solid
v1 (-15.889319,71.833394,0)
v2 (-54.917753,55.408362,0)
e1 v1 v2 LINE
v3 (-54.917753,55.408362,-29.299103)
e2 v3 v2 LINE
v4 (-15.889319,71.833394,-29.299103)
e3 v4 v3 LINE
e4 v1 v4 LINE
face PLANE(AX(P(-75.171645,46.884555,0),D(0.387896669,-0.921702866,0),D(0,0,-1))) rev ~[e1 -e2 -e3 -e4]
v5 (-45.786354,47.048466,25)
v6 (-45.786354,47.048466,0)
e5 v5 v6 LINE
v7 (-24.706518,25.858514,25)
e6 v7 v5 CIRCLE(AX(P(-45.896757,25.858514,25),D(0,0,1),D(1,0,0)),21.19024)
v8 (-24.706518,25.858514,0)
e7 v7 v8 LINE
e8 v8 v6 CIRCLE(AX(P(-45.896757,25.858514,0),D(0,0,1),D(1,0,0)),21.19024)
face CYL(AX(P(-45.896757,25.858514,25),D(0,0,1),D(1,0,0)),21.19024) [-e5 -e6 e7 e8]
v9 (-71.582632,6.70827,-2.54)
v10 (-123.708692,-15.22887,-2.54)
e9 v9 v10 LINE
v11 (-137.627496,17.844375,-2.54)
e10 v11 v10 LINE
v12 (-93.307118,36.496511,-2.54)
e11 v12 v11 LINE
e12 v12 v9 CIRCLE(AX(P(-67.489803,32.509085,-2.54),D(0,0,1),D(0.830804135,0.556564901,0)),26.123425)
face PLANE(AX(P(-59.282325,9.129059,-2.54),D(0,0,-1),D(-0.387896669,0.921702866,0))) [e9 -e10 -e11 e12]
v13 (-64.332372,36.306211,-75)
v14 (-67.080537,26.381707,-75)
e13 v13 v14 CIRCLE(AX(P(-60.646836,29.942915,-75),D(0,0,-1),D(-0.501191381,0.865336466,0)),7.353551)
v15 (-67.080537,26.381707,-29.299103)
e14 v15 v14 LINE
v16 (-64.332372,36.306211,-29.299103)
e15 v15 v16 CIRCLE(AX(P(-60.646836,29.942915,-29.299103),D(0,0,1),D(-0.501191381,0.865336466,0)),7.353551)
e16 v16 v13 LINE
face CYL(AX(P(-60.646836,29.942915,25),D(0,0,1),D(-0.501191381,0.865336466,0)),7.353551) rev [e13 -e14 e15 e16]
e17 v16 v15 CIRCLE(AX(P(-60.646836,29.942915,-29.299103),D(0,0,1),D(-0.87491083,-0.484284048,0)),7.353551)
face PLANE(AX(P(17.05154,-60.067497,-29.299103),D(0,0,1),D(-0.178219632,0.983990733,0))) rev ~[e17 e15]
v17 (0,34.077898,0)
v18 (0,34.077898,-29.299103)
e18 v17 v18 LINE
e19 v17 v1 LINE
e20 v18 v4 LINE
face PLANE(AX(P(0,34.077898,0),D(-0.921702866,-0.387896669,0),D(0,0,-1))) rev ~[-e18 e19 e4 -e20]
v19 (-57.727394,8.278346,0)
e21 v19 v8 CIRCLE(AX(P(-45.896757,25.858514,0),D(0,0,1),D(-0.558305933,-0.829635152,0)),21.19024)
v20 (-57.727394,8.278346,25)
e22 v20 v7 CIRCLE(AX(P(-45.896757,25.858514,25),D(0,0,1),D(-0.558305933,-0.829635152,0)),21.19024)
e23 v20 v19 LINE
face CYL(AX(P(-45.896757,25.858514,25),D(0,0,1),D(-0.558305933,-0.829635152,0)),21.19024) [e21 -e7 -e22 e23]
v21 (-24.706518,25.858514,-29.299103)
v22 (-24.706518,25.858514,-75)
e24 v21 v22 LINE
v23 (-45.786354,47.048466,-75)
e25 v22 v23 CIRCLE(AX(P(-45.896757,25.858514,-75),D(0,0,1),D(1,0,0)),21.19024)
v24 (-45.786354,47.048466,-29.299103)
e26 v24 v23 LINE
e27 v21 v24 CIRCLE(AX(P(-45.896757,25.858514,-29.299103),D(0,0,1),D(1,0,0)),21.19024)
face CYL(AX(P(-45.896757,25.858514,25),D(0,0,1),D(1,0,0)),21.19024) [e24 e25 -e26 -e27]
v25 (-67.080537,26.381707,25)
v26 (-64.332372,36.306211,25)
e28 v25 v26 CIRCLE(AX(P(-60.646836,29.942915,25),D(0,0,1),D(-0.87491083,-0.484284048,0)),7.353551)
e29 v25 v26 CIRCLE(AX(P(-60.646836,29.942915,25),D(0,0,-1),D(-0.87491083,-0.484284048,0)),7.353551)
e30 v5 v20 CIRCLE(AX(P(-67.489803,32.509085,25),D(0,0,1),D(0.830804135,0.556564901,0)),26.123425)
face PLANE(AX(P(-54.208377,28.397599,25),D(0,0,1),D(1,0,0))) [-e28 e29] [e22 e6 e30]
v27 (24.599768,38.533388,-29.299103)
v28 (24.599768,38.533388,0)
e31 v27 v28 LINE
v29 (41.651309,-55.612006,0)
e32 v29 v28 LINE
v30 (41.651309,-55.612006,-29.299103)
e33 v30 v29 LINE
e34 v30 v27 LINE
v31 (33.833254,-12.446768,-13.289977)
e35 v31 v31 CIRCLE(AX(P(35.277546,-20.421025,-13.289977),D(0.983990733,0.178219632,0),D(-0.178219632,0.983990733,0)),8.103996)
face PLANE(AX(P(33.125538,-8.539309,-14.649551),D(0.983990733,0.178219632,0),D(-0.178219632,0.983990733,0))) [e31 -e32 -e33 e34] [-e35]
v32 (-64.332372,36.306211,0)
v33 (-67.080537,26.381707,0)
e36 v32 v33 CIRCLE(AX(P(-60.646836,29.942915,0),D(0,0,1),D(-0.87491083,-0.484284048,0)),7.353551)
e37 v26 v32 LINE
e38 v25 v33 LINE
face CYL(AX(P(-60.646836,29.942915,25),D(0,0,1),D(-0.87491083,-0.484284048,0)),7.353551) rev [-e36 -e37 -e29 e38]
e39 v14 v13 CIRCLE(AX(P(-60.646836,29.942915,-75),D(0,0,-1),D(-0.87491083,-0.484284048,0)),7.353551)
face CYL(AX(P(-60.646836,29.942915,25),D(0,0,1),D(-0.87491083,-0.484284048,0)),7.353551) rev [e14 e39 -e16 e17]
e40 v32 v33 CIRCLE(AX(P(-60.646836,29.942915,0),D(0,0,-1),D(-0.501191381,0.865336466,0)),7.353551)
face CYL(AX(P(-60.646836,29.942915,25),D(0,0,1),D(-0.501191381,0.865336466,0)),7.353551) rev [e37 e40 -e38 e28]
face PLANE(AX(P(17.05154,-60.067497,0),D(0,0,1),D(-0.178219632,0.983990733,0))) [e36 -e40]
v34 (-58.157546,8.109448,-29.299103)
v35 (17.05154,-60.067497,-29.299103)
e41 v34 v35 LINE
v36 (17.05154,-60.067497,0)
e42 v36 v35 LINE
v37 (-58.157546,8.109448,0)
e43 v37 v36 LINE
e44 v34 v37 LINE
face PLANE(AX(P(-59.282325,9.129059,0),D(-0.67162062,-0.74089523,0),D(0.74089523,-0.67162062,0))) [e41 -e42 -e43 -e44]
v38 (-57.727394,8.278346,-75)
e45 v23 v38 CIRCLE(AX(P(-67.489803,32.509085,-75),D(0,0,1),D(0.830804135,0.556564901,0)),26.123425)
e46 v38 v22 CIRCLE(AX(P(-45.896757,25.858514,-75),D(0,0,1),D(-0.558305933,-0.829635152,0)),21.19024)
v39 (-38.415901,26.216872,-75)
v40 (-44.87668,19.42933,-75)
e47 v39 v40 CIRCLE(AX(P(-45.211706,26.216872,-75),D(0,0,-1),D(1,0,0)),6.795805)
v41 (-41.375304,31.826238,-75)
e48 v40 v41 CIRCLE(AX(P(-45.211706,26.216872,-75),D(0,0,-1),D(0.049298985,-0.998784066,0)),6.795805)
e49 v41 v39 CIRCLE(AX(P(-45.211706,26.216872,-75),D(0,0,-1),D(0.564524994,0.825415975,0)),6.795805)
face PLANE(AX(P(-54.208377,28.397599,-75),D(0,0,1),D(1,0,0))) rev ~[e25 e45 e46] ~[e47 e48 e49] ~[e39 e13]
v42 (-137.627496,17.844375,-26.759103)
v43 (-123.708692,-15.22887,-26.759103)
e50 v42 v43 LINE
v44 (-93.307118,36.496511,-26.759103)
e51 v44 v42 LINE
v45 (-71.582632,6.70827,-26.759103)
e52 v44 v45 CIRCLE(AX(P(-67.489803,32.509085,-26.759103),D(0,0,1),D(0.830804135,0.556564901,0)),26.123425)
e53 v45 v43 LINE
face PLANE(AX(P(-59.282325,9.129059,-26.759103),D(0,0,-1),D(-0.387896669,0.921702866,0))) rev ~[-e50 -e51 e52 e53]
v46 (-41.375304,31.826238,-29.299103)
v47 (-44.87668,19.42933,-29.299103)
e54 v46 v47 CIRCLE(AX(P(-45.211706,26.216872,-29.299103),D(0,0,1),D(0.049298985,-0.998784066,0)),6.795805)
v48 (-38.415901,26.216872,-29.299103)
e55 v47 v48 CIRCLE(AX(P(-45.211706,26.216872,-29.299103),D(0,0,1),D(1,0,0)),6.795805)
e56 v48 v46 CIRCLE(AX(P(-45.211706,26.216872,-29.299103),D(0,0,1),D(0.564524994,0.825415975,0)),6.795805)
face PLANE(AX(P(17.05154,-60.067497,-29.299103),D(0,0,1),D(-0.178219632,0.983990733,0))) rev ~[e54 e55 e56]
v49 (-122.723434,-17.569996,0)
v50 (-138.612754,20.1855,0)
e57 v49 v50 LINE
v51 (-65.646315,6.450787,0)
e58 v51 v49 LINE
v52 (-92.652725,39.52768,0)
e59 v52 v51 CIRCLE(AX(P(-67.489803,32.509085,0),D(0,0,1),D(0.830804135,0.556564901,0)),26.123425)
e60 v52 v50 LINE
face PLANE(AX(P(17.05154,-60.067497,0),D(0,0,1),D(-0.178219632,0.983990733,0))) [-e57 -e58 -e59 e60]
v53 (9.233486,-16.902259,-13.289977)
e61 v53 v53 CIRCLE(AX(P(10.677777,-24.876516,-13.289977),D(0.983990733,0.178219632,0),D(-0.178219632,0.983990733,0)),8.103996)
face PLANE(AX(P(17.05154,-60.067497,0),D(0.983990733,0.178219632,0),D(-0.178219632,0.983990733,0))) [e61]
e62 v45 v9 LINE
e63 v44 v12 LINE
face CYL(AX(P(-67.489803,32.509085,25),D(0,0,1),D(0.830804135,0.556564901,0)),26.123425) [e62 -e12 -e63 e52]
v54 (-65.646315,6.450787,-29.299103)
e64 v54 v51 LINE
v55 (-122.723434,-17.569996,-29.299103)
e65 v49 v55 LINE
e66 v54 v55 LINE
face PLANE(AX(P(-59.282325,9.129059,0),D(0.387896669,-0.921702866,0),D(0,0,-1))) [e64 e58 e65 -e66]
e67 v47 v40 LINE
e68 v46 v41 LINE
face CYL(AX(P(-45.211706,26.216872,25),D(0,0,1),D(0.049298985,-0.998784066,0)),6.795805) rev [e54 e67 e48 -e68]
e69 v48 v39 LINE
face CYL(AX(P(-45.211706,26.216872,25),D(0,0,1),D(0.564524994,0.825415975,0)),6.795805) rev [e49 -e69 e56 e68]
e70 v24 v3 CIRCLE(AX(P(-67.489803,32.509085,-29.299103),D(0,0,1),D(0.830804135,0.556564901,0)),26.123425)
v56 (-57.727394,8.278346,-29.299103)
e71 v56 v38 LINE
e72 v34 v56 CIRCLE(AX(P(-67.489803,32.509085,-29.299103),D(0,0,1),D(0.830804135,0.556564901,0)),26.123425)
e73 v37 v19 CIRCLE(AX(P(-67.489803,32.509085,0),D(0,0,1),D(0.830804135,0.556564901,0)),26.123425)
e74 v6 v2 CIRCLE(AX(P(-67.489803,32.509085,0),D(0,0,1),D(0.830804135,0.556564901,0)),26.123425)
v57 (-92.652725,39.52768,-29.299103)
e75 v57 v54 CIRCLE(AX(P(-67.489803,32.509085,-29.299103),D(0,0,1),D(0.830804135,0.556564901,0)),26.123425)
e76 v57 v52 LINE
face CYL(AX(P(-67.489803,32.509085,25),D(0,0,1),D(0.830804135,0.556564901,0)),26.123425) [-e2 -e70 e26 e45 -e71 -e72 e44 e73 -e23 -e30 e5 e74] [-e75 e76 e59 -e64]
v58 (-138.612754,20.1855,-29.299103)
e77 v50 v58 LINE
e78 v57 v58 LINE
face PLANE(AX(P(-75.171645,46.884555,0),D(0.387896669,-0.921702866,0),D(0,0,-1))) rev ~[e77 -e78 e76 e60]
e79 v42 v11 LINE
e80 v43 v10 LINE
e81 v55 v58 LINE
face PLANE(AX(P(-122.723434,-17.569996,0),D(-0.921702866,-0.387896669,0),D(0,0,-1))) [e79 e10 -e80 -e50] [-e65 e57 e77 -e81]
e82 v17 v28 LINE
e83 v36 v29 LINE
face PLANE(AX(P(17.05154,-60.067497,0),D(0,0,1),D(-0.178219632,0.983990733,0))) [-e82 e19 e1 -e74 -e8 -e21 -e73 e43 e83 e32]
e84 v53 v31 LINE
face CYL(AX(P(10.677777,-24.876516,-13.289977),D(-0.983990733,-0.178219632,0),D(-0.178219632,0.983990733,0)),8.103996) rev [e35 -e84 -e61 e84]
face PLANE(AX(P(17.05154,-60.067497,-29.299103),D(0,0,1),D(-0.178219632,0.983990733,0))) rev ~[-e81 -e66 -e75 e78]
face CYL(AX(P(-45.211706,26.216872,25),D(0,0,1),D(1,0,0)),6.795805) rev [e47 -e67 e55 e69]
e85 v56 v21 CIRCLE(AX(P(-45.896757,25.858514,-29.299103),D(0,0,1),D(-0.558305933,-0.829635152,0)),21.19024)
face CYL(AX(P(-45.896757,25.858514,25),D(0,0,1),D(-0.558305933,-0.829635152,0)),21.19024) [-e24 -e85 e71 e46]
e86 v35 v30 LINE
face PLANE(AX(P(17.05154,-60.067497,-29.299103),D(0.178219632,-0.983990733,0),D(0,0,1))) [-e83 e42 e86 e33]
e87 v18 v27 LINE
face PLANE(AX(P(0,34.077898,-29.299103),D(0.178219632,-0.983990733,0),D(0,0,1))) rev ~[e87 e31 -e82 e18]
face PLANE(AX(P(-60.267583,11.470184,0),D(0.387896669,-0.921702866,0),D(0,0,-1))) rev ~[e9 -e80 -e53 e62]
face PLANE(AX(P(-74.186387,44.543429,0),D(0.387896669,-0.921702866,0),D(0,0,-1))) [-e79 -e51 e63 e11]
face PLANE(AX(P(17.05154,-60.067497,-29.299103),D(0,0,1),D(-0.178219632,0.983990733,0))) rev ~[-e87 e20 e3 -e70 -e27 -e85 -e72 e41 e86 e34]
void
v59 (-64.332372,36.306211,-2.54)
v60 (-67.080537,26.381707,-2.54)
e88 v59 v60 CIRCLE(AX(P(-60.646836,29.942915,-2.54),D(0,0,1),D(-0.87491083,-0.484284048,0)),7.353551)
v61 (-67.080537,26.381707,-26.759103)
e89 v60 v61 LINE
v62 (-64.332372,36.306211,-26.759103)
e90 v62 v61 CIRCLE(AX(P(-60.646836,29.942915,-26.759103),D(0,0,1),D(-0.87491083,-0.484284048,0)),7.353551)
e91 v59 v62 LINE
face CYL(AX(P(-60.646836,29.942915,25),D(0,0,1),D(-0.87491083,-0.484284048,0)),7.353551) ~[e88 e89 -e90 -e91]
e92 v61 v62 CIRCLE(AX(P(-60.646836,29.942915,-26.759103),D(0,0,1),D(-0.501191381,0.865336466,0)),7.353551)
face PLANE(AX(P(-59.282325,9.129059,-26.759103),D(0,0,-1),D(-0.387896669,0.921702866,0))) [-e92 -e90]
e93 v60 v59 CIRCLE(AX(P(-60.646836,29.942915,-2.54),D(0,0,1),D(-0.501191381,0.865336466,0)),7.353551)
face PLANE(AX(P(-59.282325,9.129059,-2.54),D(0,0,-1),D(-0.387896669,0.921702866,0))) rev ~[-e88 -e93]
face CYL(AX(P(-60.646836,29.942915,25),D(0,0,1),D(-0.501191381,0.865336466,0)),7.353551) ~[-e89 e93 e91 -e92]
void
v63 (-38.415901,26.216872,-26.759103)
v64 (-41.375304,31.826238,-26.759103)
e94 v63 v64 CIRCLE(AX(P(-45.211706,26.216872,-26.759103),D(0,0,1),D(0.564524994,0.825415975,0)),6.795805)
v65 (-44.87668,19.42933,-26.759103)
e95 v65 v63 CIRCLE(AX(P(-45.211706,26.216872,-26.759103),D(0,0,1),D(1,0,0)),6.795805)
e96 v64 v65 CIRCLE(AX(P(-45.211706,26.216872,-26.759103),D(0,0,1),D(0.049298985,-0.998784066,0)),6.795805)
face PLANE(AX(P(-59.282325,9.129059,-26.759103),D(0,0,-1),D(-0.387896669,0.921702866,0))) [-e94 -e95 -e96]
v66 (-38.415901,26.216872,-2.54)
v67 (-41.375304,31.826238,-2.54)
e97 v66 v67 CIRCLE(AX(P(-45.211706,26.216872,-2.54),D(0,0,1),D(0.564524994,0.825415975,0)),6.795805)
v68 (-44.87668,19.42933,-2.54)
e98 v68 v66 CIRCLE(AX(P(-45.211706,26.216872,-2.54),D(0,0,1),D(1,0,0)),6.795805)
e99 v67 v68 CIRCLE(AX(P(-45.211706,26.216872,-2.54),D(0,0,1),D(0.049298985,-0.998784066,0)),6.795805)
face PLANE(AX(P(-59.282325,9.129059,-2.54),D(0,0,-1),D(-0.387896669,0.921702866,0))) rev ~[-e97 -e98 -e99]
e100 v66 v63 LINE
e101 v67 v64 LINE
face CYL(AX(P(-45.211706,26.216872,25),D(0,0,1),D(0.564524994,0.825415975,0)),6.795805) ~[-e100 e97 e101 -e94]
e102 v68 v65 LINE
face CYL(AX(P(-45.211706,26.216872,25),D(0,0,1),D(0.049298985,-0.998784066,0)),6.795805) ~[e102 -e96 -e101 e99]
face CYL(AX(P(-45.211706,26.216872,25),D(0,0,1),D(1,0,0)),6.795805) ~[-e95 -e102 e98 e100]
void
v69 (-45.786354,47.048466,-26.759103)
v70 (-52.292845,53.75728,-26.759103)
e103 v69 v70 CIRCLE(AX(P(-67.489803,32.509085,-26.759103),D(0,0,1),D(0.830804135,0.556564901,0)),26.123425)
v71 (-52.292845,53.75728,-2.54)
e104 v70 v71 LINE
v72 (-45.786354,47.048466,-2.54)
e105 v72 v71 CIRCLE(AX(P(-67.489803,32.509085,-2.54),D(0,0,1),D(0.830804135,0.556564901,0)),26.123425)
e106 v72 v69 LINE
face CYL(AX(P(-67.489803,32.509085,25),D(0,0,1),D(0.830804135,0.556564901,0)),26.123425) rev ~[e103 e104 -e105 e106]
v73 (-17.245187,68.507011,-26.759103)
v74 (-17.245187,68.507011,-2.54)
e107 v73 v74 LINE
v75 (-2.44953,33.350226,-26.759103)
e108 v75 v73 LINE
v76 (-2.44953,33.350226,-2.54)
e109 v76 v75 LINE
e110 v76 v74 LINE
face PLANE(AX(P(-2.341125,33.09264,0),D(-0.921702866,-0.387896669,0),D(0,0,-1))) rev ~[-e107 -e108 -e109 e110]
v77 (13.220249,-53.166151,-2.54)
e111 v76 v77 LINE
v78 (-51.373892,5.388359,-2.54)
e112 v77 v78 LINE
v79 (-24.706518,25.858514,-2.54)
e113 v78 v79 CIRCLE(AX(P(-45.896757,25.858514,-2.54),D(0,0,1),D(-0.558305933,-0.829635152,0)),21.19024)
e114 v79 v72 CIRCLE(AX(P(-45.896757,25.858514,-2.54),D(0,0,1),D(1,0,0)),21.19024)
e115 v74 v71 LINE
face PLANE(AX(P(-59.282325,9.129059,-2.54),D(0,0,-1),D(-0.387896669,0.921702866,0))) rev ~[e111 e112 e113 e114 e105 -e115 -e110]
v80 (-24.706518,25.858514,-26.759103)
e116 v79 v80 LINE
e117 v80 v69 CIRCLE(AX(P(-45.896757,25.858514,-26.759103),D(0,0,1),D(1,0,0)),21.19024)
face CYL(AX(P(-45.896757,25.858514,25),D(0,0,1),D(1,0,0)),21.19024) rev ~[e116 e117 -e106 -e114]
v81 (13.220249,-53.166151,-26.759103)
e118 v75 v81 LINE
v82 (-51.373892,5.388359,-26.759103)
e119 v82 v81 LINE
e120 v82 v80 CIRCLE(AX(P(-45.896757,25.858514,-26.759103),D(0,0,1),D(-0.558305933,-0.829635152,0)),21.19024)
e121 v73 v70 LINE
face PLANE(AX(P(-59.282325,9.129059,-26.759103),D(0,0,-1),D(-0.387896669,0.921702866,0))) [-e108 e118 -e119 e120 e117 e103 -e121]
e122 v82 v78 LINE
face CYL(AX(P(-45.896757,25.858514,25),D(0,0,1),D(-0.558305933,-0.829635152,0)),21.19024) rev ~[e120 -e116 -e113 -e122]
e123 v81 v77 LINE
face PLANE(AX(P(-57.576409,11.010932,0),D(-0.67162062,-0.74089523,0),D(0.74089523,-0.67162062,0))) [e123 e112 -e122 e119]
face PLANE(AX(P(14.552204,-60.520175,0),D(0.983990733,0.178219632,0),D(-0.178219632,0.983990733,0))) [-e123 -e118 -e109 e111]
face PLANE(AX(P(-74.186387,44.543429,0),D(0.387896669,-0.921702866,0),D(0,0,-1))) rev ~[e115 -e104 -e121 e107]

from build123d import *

# Parameters (mm, degrees)
F1_DEPTH  = 29.2991027236
F2_DEPTH  = 40.9627631307
F3_DEPTH  = 68.8303261995
F4_T      = -2.54
F5_W      = 95.6771153452
F5_H      = 29.2991027236
F5_R      = 8.1039957671
F6_DEPTH  = 25
F7_R      = 8.5249443269
F8_DEPTH  = 25
F10_DEPTH = 100


with BuildPart() as f1:
    # F0 (on Top) → F1 (new body)
    with BuildSketch(Plane.XY):
        Polygon((17.0515403152, -60.0674971938), (0, 34.0778976679), (-59.2823252082, 9.1290585697), align=None)
    extrude(amount=-F1_DEPTH)

    # F2 (add): a face of the model
    f2_faces = [f1.faces().sort_by_distance(p)[0] for p in [
        (-29.6411626041, 21.6034781188, -14.6495513618),
    ]]
    extrude(f2_faces, amount=F2_DEPTH)

    # F3 (add): a face of the model
    f3_faces = [f1.faces().sort_by_distance(p)[0] for p in [
        (-67.2269849041, 28.0068066647, -14.6495513618),
    ]]
    extrude(f3_faces, amount=F3_DEPTH)

    # F4
    f4_openings = [f1.faces().sort_by_distance(p)[0] for p in [
        (-130.668094, 1.307752, -14.649551),
    ]]
    offset(amount=F4_T, openings=f4_openings, kind=Kind.INTERSECTION)

    # F5 (on face) → F6 (join)
    with BuildSketch(Plane(origin=(5.9761205036, 1.0823902735, 0), x_dir=(-0.1782196323, 0.983990733, 0), z_dir=(0.983990733, 0.1782196323, 0))):
        with Locations((-14.3062221666, -14.6495513618)):
            Rectangle(F5_W, F5_H)
        with Locations((-26.3812504709, -13.2899768651)):
            Circle(F5_R, mode=Mode.SUBTRACT)
    extrude(amount=F6_DEPTH)

    # F7 (on face) → F8 (join)
    with BuildSketch(Plane.XY):
        with Locations((-45.2117063105, 26.2168720365)):
            Circle(F7_R)
    extrude(amount=F8_DEPTH)

    # F9 (on face) → F10 (join)
    with BuildSketch(Plane.XY.offset(25)):
        with BuildLine():
            ThreePointArc((-64.3323721087, 36.3062107036), (-56.9744432535, 36.3138053878), (-53.293284687, 29.9429148436))
            ThreePointArc((-53.293284687, 29.9429148436), (-58.8077923617, 22.8230389836), (-67.0805371507, 26.3817073875))
            ThreePointArc((-67.0805371507, 26.3817073875), (-64.7228255119, 16.131982496), (-57.7273939024, 8.2783463241))
            ThreePointArc((-57.7273939024, 8.2783463241), (-50.3687668703, 12.7783108002), (-44.8766799987, 19.4293298107))
            ThreePointArc((-44.8766799987, 19.4293298107), (-51.7516634602, 28.0640137679), (-41.3753042644, 31.8262384388))
            ThreePointArc((-41.3753042644, 31.8262384388), (-41.3686098103, 32.1676324461), (-41.3663781986, 32.5090847909))
            ThreePointArc((-41.3663781986, 32.5090847909), (-42.4957862059, 40.1072719094), (-45.7863536257, 47.0484660424))
            ThreePointArc((-45.7863536257, 47.0484660424), (-56.5176025345, 44.194923272), (-64.3323721087, 36.3062107036))
        make_face()
        with BuildLine():
            ThreePointArc((-67.0805371507, 26.3817073875), (-67.7337027998, 31.9053183776), (-64.3323721087, 36.3062107036))
            ThreePointArc((-64.3323721087, 36.3062107036), (-56.5176025345, 44.194923272), (-45.7863536257, 47.0484660424))
            ThreePointArc((-45.7863536257, 47.0484660424), (-92.4558918977, 40.198539381), (-57.7273939024, 8.2783463241))
            ThreePointArc((-57.7273939024, 8.2783463241), (-64.7228255119, 16.131982496), (-67.0805371507, 26.3817073875))
        make_face()
        with BuildLine():
            ThreePointArc((-24.706517752, 25.8585140109), (-30.874012332, 40.8031915547), (-45.7863536257, 47.0484660424))
            ThreePointArc((-45.7863536257, 47.0484660424), (-42.4957862059, 40.1072719094), (-41.3663781986, 32.5090847909))
            ThreePointArc((-41.3663781986, 32.5090847909), (-41.3686098103, 32.1676324461), (-41.3753042644, 31.8262384388))
            ThreePointArc((-41.3753042644, 31.8262384388), (-39.2011150693, 29.3879546634), (-38.4159008325, 26.2168720365))
            ThreePointArc((-38.4159008325, 26.2168720365), (-40.2893214342, 21.5314585835), (-44.8766799987, 19.4293298107))
            ThreePointArc((-44.8766799987, 19.4293298107), (-50.3687668703, 12.7783108002), (-57.7273939024, 8.2783463241))
            ThreePointArc((-57.7273939024, 8.2783463241), (-35.9385388446, 7.153965382), (-24.706517752, 25.8585140109))
        make_face()
    extrude(amount=-F10_DEPTH)


solid = f1.part
